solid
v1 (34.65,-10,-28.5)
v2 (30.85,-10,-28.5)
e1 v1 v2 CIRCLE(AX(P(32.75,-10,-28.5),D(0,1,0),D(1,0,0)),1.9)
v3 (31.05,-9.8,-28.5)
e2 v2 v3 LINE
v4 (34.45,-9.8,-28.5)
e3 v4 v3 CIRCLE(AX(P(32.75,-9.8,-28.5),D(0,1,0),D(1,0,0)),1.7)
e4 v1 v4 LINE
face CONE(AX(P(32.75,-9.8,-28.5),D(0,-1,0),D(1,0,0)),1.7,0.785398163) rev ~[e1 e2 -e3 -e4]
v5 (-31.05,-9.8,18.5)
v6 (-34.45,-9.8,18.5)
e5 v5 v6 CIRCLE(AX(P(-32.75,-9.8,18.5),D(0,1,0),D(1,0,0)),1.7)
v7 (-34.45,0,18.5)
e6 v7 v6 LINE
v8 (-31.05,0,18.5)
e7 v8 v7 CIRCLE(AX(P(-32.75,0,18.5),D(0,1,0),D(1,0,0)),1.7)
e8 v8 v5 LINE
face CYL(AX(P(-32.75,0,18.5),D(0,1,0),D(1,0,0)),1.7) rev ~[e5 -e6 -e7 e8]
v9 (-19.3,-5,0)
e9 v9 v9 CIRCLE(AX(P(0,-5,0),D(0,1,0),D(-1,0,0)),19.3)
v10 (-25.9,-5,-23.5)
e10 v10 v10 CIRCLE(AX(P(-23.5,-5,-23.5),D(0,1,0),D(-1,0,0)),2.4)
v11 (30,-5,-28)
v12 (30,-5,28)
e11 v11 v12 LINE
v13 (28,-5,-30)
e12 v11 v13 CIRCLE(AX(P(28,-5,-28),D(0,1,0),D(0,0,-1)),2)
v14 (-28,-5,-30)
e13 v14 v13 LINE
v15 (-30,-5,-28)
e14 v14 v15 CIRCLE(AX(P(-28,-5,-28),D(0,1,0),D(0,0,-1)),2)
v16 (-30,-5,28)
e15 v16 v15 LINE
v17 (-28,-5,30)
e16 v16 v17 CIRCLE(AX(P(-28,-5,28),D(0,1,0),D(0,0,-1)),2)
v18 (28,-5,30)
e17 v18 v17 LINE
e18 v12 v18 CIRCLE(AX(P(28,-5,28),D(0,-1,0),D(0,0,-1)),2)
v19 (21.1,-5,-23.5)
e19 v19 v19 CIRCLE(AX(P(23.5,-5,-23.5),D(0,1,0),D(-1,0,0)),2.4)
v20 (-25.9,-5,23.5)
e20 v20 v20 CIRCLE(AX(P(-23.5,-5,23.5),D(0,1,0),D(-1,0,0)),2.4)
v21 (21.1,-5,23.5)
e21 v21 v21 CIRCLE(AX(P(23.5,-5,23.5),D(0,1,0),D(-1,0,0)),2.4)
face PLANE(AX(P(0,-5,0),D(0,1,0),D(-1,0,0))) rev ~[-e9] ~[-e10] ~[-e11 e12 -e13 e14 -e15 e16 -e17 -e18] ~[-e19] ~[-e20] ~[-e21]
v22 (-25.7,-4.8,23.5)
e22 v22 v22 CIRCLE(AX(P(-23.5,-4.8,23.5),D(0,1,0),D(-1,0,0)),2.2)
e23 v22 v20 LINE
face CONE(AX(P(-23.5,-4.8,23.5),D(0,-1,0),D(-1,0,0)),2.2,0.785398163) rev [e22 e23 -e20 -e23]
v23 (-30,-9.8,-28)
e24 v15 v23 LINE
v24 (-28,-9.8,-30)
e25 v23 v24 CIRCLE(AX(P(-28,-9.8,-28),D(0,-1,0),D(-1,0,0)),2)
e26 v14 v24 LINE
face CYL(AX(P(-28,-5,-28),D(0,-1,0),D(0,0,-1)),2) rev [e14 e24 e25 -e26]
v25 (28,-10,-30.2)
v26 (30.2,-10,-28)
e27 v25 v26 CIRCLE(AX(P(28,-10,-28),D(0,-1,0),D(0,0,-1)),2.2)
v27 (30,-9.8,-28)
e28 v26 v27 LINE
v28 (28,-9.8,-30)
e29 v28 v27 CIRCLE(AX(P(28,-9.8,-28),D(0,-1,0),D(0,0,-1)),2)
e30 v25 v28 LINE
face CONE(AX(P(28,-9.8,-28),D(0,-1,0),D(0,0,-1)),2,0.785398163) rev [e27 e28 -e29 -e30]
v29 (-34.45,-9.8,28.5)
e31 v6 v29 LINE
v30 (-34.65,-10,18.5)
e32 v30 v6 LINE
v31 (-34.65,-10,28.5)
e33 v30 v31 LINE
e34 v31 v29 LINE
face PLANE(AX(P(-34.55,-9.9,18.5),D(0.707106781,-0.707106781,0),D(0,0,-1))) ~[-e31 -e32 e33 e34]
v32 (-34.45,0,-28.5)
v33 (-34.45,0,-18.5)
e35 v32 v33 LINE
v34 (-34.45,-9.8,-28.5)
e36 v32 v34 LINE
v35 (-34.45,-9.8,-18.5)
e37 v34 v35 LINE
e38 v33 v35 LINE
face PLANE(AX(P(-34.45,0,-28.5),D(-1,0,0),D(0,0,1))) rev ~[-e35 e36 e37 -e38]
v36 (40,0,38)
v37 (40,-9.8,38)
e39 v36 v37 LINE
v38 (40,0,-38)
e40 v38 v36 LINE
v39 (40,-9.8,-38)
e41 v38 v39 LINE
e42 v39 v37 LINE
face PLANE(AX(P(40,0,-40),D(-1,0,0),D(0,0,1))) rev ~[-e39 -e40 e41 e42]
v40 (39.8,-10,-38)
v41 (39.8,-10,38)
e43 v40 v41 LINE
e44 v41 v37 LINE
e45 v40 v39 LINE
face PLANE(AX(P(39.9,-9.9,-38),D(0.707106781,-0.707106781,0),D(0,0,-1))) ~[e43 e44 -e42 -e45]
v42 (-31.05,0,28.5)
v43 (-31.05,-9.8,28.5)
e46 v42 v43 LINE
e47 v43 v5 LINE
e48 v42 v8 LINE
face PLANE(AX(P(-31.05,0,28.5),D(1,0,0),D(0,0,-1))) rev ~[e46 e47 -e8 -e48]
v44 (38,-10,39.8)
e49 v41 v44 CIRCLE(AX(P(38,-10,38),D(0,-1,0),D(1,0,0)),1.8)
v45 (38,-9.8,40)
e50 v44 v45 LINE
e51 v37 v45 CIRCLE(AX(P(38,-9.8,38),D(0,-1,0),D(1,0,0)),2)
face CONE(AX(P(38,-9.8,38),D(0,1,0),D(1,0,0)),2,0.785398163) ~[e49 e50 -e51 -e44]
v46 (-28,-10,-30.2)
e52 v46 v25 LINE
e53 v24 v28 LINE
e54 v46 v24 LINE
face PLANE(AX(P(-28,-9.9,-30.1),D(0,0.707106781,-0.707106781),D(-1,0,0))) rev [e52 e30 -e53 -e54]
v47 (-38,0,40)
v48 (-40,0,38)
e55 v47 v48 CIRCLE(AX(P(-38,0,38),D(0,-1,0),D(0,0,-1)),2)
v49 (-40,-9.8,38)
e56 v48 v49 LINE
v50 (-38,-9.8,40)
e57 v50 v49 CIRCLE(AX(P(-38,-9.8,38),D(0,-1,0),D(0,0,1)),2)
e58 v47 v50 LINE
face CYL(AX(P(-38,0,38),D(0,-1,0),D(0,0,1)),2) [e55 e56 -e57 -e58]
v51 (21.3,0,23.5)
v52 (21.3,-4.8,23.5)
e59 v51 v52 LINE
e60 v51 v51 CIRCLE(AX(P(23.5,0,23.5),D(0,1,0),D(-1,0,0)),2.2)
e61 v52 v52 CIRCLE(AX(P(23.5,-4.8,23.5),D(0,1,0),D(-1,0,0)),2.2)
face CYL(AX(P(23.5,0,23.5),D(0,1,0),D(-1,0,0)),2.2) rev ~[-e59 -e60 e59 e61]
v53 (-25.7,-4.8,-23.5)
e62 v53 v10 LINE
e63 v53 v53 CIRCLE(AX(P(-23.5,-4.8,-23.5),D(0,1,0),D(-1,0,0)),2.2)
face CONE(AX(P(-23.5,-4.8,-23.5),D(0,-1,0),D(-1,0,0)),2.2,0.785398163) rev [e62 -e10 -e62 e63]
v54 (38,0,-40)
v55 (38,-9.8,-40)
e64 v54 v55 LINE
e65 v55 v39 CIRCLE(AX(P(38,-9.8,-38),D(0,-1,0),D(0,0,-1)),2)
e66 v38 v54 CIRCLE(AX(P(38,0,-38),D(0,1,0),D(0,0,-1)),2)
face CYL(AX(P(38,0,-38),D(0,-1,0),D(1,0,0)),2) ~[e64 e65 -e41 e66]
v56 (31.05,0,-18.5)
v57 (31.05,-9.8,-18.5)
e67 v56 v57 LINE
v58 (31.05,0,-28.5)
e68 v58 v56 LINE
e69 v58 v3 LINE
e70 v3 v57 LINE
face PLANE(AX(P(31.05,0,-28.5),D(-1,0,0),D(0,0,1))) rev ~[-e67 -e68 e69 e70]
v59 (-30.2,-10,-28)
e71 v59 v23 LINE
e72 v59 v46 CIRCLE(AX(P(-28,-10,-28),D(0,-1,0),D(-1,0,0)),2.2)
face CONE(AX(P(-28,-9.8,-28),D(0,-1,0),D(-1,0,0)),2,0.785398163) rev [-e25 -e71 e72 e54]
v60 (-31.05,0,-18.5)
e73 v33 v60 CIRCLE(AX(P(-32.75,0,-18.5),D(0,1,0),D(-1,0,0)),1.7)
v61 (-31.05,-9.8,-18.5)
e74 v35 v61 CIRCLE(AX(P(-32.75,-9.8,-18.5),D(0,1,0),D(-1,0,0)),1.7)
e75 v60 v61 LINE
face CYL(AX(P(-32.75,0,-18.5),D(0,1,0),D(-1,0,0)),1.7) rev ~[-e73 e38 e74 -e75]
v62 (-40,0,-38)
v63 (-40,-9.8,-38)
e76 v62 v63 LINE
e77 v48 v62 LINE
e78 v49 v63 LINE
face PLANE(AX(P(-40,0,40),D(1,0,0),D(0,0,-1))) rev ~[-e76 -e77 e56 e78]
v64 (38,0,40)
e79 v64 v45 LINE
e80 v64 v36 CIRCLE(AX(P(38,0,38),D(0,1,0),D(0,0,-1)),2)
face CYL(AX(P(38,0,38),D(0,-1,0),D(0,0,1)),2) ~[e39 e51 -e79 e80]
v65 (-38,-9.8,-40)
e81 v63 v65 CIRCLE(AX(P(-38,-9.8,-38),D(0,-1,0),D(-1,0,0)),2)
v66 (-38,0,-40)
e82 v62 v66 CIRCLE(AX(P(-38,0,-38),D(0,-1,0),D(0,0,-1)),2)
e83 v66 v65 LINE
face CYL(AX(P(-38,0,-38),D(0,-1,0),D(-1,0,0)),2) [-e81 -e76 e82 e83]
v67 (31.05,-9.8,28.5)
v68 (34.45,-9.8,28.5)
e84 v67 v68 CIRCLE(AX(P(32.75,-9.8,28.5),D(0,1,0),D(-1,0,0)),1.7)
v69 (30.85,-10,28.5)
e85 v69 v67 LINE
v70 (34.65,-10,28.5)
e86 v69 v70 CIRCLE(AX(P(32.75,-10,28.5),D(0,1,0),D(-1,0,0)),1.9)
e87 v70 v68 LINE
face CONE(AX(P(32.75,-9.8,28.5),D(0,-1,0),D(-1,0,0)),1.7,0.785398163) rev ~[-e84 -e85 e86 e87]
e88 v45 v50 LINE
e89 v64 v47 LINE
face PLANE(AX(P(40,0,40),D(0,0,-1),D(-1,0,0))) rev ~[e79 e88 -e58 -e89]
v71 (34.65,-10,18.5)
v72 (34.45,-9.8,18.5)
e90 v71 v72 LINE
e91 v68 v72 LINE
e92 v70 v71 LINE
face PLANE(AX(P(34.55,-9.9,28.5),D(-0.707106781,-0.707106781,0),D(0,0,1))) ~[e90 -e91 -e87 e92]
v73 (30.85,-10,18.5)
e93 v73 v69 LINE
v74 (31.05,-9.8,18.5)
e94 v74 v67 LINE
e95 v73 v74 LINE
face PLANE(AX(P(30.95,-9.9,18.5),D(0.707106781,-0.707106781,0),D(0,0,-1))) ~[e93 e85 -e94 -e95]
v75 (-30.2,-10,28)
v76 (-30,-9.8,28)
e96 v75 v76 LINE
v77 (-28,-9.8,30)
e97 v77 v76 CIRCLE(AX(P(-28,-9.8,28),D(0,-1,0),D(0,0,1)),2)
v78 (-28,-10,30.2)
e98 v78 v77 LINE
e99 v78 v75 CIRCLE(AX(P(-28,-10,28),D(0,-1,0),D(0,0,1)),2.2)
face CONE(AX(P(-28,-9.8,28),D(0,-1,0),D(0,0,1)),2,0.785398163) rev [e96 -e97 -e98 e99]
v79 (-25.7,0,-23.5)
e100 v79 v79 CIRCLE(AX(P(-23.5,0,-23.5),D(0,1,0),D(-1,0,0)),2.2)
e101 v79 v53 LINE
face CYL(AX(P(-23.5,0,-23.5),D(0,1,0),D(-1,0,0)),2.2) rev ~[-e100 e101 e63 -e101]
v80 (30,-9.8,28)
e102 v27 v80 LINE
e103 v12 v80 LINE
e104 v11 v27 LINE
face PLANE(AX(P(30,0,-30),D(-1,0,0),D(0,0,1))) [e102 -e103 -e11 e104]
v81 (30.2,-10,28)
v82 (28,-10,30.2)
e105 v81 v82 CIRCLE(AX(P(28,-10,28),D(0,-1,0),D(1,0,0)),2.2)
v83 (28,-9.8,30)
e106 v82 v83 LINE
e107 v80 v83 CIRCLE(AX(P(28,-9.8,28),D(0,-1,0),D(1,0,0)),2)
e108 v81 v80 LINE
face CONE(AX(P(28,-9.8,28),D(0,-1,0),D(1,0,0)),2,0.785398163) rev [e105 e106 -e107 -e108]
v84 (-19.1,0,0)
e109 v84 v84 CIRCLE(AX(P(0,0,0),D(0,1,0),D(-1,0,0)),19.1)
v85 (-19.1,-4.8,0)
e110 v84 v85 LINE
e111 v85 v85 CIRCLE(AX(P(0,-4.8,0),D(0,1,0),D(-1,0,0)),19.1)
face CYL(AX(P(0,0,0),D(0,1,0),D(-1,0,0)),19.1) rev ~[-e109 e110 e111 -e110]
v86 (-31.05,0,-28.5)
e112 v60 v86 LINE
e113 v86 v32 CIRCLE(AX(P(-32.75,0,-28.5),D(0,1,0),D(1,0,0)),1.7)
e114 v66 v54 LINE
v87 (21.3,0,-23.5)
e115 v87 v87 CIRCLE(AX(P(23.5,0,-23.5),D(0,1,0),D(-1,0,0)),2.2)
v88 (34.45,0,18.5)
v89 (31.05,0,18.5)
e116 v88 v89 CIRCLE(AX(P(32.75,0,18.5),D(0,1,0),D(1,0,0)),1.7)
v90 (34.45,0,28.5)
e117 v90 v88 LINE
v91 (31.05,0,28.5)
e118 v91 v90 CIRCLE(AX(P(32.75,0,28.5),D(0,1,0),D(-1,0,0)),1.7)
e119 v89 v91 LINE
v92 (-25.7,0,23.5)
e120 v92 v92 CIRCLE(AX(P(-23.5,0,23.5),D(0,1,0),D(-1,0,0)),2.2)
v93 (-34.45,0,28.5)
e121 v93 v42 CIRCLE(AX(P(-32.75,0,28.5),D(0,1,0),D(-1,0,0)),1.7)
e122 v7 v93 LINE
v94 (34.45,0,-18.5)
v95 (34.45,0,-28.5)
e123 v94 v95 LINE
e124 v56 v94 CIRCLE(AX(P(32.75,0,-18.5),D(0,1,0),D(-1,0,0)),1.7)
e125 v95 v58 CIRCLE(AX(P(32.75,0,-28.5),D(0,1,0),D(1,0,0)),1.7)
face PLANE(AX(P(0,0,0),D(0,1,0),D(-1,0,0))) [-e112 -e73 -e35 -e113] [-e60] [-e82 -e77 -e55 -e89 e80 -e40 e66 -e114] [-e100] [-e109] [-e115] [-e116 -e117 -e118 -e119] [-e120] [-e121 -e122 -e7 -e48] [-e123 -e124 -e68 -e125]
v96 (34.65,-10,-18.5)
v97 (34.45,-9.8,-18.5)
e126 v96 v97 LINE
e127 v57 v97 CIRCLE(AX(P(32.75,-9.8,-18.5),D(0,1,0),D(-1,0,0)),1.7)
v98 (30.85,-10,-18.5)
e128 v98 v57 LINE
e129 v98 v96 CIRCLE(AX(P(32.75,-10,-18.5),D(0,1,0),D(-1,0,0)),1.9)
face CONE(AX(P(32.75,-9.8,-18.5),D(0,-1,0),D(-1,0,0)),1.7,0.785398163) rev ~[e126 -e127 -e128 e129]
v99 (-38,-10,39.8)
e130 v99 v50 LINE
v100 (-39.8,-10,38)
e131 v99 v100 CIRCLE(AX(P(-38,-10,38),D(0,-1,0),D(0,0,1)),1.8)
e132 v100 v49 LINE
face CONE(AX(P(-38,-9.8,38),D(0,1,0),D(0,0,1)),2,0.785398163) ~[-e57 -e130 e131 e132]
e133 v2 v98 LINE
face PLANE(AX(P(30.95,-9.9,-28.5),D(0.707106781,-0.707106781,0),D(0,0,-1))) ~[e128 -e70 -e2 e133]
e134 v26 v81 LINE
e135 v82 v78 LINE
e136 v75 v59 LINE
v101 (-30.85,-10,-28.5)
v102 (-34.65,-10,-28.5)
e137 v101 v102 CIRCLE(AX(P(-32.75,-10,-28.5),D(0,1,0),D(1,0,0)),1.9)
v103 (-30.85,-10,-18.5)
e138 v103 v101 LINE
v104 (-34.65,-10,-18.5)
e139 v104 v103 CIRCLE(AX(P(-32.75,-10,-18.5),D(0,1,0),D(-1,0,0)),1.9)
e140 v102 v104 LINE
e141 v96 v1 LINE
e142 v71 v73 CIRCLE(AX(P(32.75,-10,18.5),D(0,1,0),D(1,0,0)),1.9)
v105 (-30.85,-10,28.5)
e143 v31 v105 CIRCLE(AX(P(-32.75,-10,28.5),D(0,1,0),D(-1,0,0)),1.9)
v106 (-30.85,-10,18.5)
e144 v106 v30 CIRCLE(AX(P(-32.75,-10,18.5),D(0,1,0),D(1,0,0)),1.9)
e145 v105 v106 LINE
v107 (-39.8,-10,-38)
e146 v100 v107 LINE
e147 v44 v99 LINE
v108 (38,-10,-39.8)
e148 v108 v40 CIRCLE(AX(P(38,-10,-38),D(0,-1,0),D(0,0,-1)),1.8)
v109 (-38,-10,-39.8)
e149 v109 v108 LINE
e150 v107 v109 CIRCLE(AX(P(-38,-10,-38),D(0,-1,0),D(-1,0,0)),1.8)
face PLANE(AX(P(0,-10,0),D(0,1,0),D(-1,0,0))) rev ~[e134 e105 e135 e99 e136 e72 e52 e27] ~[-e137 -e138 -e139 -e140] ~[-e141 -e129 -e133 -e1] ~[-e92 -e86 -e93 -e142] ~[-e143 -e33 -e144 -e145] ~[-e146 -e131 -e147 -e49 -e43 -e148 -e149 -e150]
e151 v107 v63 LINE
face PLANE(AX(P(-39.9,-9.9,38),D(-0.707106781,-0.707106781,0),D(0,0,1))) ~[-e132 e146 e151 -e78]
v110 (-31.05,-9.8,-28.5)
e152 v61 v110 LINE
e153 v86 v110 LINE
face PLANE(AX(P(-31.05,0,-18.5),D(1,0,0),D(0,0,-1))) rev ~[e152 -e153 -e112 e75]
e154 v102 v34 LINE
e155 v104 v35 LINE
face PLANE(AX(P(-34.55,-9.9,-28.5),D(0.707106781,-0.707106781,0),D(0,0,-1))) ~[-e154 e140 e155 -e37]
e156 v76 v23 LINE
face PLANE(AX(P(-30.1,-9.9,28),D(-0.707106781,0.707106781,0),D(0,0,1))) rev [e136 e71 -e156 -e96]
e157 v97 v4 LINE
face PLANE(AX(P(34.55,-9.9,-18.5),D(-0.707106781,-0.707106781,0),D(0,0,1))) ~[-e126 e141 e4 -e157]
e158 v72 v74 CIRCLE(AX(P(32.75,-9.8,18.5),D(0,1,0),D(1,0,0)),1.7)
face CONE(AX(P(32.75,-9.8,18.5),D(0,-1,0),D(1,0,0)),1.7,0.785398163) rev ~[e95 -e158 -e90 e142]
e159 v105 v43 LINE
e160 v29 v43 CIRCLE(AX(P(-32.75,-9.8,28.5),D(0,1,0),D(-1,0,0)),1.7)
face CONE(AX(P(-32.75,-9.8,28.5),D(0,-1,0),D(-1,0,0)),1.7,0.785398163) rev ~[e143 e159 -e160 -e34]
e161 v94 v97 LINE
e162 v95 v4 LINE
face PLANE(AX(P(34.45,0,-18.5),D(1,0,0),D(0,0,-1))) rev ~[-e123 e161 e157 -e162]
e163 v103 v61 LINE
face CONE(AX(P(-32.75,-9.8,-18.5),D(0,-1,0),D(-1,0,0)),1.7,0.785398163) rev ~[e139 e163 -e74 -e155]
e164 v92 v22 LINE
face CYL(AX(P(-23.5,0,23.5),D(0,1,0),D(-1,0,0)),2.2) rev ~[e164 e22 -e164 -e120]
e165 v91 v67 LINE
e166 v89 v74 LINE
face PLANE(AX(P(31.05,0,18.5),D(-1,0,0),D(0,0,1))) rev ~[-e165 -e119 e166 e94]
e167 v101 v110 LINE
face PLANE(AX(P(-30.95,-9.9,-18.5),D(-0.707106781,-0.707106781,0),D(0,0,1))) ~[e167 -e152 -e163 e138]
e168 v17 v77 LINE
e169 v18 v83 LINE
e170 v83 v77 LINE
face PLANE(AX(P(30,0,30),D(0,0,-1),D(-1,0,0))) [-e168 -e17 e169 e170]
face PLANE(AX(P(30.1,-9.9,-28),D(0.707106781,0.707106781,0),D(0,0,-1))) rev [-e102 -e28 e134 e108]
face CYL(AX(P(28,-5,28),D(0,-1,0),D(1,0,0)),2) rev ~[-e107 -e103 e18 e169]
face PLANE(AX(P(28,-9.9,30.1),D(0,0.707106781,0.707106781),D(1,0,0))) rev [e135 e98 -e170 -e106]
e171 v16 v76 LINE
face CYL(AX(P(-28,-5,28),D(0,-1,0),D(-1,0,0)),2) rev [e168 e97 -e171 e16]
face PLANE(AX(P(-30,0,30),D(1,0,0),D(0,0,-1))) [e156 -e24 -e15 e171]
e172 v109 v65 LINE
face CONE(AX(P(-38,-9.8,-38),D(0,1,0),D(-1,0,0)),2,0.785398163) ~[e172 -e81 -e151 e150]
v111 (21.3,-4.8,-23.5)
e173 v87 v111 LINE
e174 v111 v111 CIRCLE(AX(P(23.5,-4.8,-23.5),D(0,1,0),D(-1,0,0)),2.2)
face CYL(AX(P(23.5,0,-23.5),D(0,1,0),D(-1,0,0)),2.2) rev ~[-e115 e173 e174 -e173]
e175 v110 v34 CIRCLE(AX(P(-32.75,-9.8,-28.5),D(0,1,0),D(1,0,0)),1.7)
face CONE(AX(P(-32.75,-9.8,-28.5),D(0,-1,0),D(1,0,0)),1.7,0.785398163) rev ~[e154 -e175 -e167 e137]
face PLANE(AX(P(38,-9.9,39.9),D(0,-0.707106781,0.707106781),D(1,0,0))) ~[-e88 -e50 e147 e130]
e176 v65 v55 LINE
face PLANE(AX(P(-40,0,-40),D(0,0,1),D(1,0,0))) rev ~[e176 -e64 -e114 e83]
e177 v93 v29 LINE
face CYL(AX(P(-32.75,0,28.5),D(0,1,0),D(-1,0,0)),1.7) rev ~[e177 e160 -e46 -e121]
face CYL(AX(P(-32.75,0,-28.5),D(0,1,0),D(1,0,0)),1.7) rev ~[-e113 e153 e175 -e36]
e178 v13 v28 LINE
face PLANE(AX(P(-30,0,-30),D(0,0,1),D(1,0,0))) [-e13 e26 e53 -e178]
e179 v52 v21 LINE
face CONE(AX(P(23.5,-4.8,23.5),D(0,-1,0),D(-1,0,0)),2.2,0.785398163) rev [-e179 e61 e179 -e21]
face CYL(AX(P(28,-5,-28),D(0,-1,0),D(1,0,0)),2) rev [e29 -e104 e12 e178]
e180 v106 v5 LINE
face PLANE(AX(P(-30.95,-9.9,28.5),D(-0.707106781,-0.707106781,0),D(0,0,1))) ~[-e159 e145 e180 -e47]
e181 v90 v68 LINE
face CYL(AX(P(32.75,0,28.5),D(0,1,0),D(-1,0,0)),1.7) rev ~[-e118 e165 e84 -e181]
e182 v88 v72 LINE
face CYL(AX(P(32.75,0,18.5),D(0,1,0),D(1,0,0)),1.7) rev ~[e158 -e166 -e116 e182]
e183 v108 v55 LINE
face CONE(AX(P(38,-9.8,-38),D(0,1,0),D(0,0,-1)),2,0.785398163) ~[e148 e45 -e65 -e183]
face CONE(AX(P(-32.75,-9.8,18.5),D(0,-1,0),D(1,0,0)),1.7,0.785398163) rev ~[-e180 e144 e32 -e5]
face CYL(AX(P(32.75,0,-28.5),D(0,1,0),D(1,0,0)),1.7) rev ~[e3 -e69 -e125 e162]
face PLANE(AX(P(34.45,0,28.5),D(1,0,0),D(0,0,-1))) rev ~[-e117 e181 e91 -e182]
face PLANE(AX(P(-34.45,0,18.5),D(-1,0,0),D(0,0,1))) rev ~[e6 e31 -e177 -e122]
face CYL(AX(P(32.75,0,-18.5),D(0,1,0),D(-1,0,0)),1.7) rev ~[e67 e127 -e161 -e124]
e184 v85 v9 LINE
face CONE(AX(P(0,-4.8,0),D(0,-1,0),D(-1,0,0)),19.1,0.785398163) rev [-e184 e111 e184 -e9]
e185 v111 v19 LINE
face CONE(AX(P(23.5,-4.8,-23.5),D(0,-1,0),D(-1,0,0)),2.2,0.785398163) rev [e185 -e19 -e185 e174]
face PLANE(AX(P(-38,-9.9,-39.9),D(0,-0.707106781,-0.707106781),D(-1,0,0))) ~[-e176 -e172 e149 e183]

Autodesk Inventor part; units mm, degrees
ref_plane "YZ Plane" through (0, 0, 0) normal (1, 0, 0) x (0, 1, 0)
ref_plane "XZ Plane" through (0, 0, 0) normal (0, 1, 0) x (-1, 0, 0)
ref_plane "XY Plane" through (0, 0, 0) normal (0, 0, 1) x (1, 0, 0)
sketch "Skizze1" plane through (0, 0, 0) normal (0, 1, 0) x (-1, 0, 0)
  circle A0 centre (0, 0) radius 19.1
  line L0 (-23.5, 23.5) -> (23.5, 23.5) construction
  line L1 (23.5, 23.5) -> (23.5, -23.5) construction
  line L2 (23.5, -23.5) -> (-23.5, -23.5) construction
  line L3 (-23.5, -23.5) -> (-23.5, 23.5) construction
  line L4 (-23.5, 23.5) -> (23.5, -23.5) construction
  line L5 (23.5, 23.5) -> (-23.5, -23.5) construction
  circle A1 centre (23.5, -23.5) radius 2.2
  circle A2 centre (23.5, 23.5) radius 2.2
  circle A3 centre (-23.5, 23.5) radius 2.2
  circle A4 centre (-23.5, -23.5) radius 2.2
  line L6 (-40, 40) -> (40, 40)
  line L7 (40, 40) -> (40, -40)
  line L8 (40, -40) -> (-40, -40)
  line L9 (-40, -40) -> (-40, 40)
  line L10 (-40, 40) -> (40, -40) construction
  line L11 (40, 40) -> (-40, -40) construction
  line L12 (-32.75, 23.5) -> (32.75, 23.5) construction
  line L13 (32.75, 23.5) -> (32.75, -23.5) construction
  line L14 (32.75, -23.5) -> (-32.75, -23.5) construction
  line L15 (-32.75, -23.5) -> (-32.75, 23.5) construction
  line L16 (-32.75, 23.5) -> (32.75, -23.5) construction
  line L17 (32.75, 23.5) -> (-32.75, -23.5) construction
  line L18 (32.75, -18.5) -> (32.75, -28.5) construction
  line L19 (31.05, -18.5) -> (31.05, -28.5)
  line L20 (34.45, -28.5) -> (34.45, -18.5)
  arc A5 (34.45, -18.5) -> (31.05, -18.5) centre (32.75, -18.5) ccw
  arc A6 (31.05, -28.5) -> (34.45, -28.5) centre (32.75, -28.5) ccw
  line L21 (32.75, 28.5) -> (32.75, 18.5) construction
  line L22 (31.05, 28.5) -> (31.05, 18.5)
  line L23 (34.45, 18.5) -> (34.45, 28.5)
  arc A7 (34.45, 28.5) -> (31.05, 28.5) centre (32.75, 28.5) ccw
  arc A8 (31.05, 18.5) -> (34.45, 18.5) centre (32.75, 18.5) ccw
  line L24 (-32.75, 28.5) -> (-32.75, 18.5) construction
  line L25 (-34.45, 28.5) -> (-34.45, 18.5)
  line L26 (-31.05, 18.5) -> (-31.05, 28.5)
  arc A9 (-31.05, 28.5) -> (-34.45, 28.5) centre (-32.75, 28.5) ccw
  arc A10 (-34.45, 18.5) -> (-31.05, 18.5) centre (-32.75, 18.5) ccw
  line L27 (-32.75, -18.5) -> (-32.75, -28.5) construction
  line L28 (-34.45, -18.5) -> (-34.45, -28.5)
  line L29 (-31.05, -28.5) -> (-31.05, -18.5)
  arc A11 (-31.05, -18.5) -> (-34.45, -18.5) centre (-32.75, -18.5) ccw
  arc A12 (-34.45, -28.5) -> (-31.05, -28.5) centre (-32.75, -28.5) ccw
  line L30 (-30, 30) -> (30, 30)
  line L31 (30, 30) -> (30, -30)
  line L32 (30, -30) -> (-30, -30)
  line L33 (-30, -30) -> (-30, 30)
  line L34 (-30, 30) -> (30, -30) construction
  line L35 (30, 30) -> (-30, -30) construction
  dimension "d31" = 38.2
  dimension "d32" = 47
  dimension "d33" = 47
  dimension "d34" = 4.4
  dimension "d35" = 4.4
  dimension "d36" = 4.4
  dimension "d37" = 4.4
  dimension "d38" = 80
  dimension "d39" = 80
  dimension "d40" = 65.5
  dimension "d41" = 47
  dimension "d42" = 5
  dimension "d43" = 3.4
  dimension "d44" = 5
  dimension "d45" = 3.4
  dimension "d46" = 5
  dimension "d47" = 3.4
  dimension "d48" = 5
  dimension "d49" = 3.4
  dimension "d50" = 60
  dimension "d51" = 60
extrude "Extrusion1" add sketch "Skizze1" against normal blind 10 contours L6 L7 L8 L9
extrude "Extrusion2" add sketch "Skizze1" against normal blind 5 contours L30 L31 L32 L33
fillet "Rundung1" radius 2 8 edges at (-40, -5, 40) (40, -5, -40) (-40, -5, -40) (40, -5, 40) (30, -7.5, 30) (-30, -7.5, -30) (30, -7.5, -30) (-30, -7.5, 30)
chamfer "Fase1" distance 0.2 angle 45 33 edges at (25.7, -5, 23.5) (30, -10, 0) (0, -10, -30) (-30, -10, 0) (0, -10, 30) (32.75, -10, 16.8) (31.05, -10, 23.5) (32.75, -10, 30.2) (34.45, -10, 23.5) (19.1, -5, 0) (25.7, -5, -23.5) (-21.3, -5, -23.5) (-21.3, -5, 23.5) (-32.75, -10, 16.8) (-34.45, -10, 23.5) (-32.75, -10, 30.2) (-31.05, -10, 23.5) (-32.75, -10, -16.8) (-31.05, -10, -23.5) (-32.75, -10, -30.2) (-34.45, -10, -23.5) (0, -10, -40) (39.4142, -10, -39.4142) (40, -10, 0) (39.4142, -10, 39.4142) (0, -10, 40) (-39.4142, -10, 39.4142) (-40, -10, 0) (-39.4142, -10, -39.4142) (32.75, -10, -16.8) (34.45, -10, -23.5) (32.75, -10, -30.2) (31.05, -10, -23.5)
thread "Gewinde1" size "M5x0.8" class "6H" standard "ANSI Metric M Profile" full length
thread "Gewinde2" size "M5x0.8" class "6H" standard "ANSI Metric M Profile" full length
thread "Gewinde3" size "M5x0.8" class "6H" standard "ANSI Metric M Profile" full length
thread "Gewinde4" size "M5x0.8" class "6H" standard "ANSI Metric M Profile" full length
properties part number "Z-Motoraufnahme" material "Aluminium 6061"
